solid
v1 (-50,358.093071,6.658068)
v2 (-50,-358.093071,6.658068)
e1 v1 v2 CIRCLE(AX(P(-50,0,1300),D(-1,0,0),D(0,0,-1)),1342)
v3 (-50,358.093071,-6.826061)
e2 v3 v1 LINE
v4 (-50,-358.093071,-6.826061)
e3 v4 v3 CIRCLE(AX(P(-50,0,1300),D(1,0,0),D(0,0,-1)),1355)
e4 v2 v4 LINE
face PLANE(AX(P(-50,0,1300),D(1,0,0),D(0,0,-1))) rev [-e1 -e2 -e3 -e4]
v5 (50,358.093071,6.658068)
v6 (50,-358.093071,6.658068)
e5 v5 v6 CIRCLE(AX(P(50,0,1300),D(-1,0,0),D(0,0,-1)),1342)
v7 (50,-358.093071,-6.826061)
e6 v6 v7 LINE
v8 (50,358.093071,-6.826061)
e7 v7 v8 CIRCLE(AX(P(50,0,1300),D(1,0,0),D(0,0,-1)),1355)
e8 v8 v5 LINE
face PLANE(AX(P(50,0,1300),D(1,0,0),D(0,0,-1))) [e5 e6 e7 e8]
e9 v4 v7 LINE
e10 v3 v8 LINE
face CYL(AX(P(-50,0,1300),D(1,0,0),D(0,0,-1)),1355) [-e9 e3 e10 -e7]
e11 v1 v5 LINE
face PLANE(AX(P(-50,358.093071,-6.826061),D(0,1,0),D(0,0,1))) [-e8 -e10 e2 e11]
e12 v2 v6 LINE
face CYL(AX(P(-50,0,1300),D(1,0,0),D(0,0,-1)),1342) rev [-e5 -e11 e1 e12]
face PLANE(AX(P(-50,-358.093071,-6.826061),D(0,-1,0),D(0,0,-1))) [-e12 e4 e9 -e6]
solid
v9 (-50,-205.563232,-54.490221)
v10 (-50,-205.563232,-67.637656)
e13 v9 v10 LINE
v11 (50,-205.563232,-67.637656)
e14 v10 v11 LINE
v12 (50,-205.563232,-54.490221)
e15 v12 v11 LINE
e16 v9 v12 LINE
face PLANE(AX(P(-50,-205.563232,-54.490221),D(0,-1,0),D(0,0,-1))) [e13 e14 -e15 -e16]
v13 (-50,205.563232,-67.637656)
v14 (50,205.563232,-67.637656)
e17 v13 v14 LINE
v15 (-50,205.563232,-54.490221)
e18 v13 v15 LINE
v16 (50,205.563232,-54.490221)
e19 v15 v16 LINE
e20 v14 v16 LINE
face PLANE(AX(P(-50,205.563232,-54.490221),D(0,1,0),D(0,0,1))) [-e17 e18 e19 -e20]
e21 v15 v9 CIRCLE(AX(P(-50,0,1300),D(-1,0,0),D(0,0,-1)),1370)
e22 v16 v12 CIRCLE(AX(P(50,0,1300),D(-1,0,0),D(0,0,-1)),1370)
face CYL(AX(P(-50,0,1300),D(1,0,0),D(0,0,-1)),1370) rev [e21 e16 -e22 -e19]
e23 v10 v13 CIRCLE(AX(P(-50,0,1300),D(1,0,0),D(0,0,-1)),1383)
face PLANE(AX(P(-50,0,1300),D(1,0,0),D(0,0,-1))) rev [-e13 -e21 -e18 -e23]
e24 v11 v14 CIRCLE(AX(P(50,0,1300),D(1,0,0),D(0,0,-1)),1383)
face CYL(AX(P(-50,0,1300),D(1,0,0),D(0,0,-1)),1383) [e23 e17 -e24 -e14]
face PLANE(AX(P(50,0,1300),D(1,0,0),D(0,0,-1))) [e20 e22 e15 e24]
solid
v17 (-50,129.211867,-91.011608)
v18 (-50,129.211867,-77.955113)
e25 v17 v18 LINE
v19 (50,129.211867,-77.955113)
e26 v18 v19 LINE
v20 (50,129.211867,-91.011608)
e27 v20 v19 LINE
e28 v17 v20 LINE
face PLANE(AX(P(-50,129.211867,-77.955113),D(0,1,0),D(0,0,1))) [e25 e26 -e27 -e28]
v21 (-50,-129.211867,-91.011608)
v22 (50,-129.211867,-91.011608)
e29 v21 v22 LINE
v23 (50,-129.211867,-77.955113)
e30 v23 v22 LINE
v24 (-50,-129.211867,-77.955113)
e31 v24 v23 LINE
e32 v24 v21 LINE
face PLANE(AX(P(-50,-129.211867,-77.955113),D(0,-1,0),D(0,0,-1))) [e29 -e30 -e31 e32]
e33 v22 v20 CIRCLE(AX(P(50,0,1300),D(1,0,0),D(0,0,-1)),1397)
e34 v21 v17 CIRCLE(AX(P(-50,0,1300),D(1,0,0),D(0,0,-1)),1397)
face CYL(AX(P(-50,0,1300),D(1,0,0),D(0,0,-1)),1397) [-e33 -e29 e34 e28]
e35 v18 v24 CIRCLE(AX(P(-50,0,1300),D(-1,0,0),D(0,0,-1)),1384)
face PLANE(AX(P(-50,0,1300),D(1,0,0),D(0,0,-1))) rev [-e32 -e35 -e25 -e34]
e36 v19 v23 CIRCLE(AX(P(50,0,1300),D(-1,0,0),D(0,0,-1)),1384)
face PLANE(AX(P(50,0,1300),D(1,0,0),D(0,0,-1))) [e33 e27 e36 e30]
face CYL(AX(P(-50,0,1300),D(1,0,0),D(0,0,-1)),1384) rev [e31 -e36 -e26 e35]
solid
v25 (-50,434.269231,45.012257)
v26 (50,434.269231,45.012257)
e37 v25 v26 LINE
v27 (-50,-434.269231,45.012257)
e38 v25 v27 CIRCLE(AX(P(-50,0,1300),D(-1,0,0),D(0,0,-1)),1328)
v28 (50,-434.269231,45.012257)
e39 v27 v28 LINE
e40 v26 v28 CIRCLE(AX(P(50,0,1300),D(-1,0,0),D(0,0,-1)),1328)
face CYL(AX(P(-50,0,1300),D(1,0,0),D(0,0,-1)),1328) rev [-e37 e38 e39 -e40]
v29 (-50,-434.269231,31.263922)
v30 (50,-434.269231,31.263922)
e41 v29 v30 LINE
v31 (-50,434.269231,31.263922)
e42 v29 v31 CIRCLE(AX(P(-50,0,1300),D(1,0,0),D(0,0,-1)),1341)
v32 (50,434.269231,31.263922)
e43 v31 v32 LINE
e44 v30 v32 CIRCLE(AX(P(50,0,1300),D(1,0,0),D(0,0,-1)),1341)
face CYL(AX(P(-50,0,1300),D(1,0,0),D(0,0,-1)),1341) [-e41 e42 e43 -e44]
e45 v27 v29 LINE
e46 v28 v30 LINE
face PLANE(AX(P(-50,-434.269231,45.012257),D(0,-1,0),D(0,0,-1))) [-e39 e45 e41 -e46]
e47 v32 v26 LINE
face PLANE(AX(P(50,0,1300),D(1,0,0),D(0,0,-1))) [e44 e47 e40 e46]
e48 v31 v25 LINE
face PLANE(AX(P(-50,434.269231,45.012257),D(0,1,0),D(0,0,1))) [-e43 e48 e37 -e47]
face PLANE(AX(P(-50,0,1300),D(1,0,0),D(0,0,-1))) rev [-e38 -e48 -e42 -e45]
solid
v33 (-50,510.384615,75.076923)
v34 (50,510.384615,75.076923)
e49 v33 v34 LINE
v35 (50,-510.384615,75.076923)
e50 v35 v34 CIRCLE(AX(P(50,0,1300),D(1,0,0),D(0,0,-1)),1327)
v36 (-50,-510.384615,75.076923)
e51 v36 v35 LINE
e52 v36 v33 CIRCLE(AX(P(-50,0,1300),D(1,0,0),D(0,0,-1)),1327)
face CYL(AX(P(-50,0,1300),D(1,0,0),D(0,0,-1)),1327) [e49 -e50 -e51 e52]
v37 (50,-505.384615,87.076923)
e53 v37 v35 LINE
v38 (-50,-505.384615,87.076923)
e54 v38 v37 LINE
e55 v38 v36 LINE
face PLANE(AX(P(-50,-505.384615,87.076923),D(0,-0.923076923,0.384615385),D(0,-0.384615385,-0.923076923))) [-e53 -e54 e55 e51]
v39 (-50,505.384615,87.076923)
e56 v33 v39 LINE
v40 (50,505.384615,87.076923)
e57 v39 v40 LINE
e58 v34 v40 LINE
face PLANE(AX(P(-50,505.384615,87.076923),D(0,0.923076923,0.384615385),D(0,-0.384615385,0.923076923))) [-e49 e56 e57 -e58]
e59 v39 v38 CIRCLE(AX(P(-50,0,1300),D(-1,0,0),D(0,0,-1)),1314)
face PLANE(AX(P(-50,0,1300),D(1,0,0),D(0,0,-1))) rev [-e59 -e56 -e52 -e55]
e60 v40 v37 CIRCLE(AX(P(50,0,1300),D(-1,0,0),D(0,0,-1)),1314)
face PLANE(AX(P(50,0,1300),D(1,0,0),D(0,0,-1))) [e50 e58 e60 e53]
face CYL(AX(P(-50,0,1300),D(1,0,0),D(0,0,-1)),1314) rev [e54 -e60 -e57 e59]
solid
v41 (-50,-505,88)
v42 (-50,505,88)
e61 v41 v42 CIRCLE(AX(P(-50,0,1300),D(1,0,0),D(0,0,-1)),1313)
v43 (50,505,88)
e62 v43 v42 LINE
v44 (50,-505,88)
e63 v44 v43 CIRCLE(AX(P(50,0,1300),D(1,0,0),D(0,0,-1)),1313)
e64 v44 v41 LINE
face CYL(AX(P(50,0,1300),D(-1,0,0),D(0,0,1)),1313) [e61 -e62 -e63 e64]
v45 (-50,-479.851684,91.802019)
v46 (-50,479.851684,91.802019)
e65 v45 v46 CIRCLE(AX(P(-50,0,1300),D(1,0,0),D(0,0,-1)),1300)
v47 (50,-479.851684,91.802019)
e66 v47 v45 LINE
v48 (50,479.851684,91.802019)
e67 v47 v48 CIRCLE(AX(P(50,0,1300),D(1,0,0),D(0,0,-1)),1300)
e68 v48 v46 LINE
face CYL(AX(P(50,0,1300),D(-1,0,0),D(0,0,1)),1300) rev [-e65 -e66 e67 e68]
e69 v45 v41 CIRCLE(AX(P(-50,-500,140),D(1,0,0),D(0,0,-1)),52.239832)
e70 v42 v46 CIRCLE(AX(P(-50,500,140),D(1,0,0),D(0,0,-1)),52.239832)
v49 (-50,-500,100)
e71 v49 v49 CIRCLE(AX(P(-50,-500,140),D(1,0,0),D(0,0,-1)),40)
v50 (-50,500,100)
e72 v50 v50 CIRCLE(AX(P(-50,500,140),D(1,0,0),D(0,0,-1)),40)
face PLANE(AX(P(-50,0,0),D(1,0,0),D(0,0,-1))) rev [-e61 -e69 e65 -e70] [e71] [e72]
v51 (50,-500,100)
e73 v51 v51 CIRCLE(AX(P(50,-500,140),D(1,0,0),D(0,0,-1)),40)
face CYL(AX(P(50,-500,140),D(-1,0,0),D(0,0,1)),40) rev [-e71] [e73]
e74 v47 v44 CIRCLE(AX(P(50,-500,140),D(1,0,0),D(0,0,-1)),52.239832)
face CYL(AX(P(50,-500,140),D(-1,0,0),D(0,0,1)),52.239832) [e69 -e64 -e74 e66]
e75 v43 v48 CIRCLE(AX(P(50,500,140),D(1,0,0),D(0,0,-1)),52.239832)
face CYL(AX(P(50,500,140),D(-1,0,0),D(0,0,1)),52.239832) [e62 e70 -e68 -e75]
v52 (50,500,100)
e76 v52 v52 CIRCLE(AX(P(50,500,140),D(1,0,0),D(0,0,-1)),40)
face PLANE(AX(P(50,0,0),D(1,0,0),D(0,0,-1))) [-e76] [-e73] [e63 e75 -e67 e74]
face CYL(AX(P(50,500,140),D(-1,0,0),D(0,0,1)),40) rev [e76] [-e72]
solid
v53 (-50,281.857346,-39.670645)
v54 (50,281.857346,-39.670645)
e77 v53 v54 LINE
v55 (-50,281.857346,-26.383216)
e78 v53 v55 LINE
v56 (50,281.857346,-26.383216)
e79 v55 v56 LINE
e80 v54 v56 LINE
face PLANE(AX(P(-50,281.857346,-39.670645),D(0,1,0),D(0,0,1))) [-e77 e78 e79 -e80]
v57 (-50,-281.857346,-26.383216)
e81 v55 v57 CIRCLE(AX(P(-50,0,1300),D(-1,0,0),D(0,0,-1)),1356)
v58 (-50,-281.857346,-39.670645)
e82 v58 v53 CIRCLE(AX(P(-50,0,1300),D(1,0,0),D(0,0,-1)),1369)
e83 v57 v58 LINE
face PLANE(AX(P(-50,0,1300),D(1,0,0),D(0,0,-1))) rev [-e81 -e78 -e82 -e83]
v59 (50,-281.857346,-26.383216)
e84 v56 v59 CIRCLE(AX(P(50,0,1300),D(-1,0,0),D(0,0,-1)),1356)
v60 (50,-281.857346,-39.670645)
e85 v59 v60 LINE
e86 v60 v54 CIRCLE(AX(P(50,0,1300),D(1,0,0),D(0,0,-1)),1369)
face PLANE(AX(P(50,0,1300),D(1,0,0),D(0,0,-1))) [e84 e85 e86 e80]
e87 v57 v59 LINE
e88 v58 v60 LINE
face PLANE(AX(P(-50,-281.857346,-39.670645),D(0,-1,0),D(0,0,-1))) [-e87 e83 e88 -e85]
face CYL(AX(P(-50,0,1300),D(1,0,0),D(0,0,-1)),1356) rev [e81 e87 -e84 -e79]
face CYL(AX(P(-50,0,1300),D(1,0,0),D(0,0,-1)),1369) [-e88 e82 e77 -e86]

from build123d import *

# Parameters (mm, degrees)
SKETCH1_R           = 40
BOSS_EXTRUDE1_DEPTH = 50
BOSS_EXTRUDE2_DEPTH = 100
BOSS_EXTRUDE3_DEPTH = 100
BOSS_EXTRUDE4_DEPTH = 100
BOSS_EXTRUDE5_DEPTH = 100
BOSS_EXTRUDE6_DEPTH = 100
BOSS_EXTRUDE7_DEPTH = 100


with BuildPart() as part:
    # Sketch1 → Boss-Extrude1 (new, symmetric)
    with BuildSketch(Plane.YZ):
        with BuildLine():
            ThreePointArc((-479.851684164, 91.802019036), (-507.809078393, 191.652863373), (-505, 88))
            ThreePointArc((-505, 88), (0, -13), (505, 88))
            ThreePointArc((505, 88), (507.809078393, 191.652863373), (479.851684164, 91.802019036))
            ThreePointArc((479.851684164, 91.802019036), (0, 0), (-479.851684164, 91.802019036))
        make_face()
        with Locations(Location((-500, 140, 0), (0, 0, 270))):
            Circle(SKETCH1_R, mode=Mode.SUBTRACT)
        with Locations(Location((500, 140, 0), (0, 0, 270))):
            Circle(SKETCH1_R, mode=Mode.SUBTRACT)
    extrude(amount=BOSS_EXTRUDE1_DEPTH, both=True)


with BuildPart() as body_2:
    # Sketch2 → Boss-Extrude2 (new body)
    with BuildSketch(Plane.YZ.offset(50)):
        with BuildLine():
            Line((-505.384615385, 87.076923077), (-510.384615385, 75.076923077))
            ThreePointArc((-510.384615385, 75.076923077), (0, -27), (510.384615385, 75.076923077))
            Line((510.384615385, 75.076923077), (505.384615385, 87.076923077))
            ThreePointArc((505.384615385, 87.076923077), (0, -14), (-505.384615385, 87.076923077))
        make_face()
    extrude(amount=-BOSS_EXTRUDE2_DEPTH)


with BuildPart() as body_3:
    # Sketch3 → Boss-Extrude3 (new body)
    with BuildSketch(Plane.YZ.offset(50)):
        with BuildLine():
            Line((434.269230769, 45.012256949), (434.269230769, 31.263922162))
            ThreePointArc((434.269230769, 31.263922162), (0, -41), (-434.269230769, 31.263922162))
            Line((-434.269230769, 31.263922162), (-434.269230769, 45.012256949))
            ThreePointArc((-434.269230769, 45.012256949), (0, -28), (434.269230769, 45.012256949))
        make_face()
    extrude(amount=-BOSS_EXTRUDE3_DEPTH)


with BuildPart() as body_4:
    # Sketch4 → Boss-Extrude4 (new body)
    with BuildSketch(Plane.YZ.offset(50)):
        with BuildLine():
            Line((-358.093070613, -6.826060644), (-358.093070613, 6.658068112))
            ThreePointArc((-358.093070613, 6.658068112), (0, -42), (358.093070613, 6.658068112))
            Line((358.093070613, 6.658068112), (358.093070613, -6.826060644))
            ThreePointArc((358.093070613, -6.826060644), (0, -55), (-358.093070613, -6.826060644))
        make_face()
    extrude(amount=-BOSS_EXTRUDE4_DEPTH)


with BuildPart() as body_5:
    # Sketch5 → Boss-Extrude5 (new body)
    with BuildSketch(Plane.YZ.offset(50)):
        with BuildLine():
            Line((-281.857345942, -39.6706448), (-281.857345942, -26.383216321))
            ThreePointArc((-281.857345942, -26.383216321), (0, -56), (281.857345942, -26.383216321))
            Line((281.857345942, -26.383216321), (281.857345942, -39.6706448))
            ThreePointArc((281.857345942, -39.6706448), (0, -69), (-281.857345942, -39.6706448))
        make_face()
    extrude(amount=-BOSS_EXTRUDE5_DEPTH)


with BuildPart() as body_6:
    # Sketch6 → Boss-Extrude6 (new body)
    with BuildSketch(Plane.YZ.offset(50)):
        with BuildLine():
            Line((-205.563231513, -54.490220655), (-205.563231513, -67.637655905))
            ThreePointArc((-205.563231513, -67.637655905), (0, -83), (205.563231513, -67.637655905))
            Line((205.563231513, -67.637655905), (205.563231513, -54.490220655))
            ThreePointArc((205.563231513, -54.490220655), (0, -70), (-205.563231513, -54.490220655))
        make_face()
    extrude(amount=-BOSS_EXTRUDE6_DEPTH)


with BuildPart() as body_7:
    # Sketch7 → Boss-Extrude7 (new body)
    with BuildSketch(Plane.YZ.offset(50)):
        with BuildLine():
            Line((-129.211867255, -77.95511297), (-129.211867255, -91.011607917))
            ThreePointArc((-129.211867255, -91.011607917), (0, -97), (129.211867255, -91.011607917))
            Line((129.211867255, -91.011607917), (129.211867255, -77.95511297))
            ThreePointArc((129.211867255, -77.95511297), (0, -84), (-129.211867255, -77.95511297))
        make_face()
    extrude(amount=-BOSS_EXTRUDE7_DEPTH)


solid = Compound([part.part, body_2.part, body_3.part, body_4.part, body_5.part, body_6.part, body_7.part])
